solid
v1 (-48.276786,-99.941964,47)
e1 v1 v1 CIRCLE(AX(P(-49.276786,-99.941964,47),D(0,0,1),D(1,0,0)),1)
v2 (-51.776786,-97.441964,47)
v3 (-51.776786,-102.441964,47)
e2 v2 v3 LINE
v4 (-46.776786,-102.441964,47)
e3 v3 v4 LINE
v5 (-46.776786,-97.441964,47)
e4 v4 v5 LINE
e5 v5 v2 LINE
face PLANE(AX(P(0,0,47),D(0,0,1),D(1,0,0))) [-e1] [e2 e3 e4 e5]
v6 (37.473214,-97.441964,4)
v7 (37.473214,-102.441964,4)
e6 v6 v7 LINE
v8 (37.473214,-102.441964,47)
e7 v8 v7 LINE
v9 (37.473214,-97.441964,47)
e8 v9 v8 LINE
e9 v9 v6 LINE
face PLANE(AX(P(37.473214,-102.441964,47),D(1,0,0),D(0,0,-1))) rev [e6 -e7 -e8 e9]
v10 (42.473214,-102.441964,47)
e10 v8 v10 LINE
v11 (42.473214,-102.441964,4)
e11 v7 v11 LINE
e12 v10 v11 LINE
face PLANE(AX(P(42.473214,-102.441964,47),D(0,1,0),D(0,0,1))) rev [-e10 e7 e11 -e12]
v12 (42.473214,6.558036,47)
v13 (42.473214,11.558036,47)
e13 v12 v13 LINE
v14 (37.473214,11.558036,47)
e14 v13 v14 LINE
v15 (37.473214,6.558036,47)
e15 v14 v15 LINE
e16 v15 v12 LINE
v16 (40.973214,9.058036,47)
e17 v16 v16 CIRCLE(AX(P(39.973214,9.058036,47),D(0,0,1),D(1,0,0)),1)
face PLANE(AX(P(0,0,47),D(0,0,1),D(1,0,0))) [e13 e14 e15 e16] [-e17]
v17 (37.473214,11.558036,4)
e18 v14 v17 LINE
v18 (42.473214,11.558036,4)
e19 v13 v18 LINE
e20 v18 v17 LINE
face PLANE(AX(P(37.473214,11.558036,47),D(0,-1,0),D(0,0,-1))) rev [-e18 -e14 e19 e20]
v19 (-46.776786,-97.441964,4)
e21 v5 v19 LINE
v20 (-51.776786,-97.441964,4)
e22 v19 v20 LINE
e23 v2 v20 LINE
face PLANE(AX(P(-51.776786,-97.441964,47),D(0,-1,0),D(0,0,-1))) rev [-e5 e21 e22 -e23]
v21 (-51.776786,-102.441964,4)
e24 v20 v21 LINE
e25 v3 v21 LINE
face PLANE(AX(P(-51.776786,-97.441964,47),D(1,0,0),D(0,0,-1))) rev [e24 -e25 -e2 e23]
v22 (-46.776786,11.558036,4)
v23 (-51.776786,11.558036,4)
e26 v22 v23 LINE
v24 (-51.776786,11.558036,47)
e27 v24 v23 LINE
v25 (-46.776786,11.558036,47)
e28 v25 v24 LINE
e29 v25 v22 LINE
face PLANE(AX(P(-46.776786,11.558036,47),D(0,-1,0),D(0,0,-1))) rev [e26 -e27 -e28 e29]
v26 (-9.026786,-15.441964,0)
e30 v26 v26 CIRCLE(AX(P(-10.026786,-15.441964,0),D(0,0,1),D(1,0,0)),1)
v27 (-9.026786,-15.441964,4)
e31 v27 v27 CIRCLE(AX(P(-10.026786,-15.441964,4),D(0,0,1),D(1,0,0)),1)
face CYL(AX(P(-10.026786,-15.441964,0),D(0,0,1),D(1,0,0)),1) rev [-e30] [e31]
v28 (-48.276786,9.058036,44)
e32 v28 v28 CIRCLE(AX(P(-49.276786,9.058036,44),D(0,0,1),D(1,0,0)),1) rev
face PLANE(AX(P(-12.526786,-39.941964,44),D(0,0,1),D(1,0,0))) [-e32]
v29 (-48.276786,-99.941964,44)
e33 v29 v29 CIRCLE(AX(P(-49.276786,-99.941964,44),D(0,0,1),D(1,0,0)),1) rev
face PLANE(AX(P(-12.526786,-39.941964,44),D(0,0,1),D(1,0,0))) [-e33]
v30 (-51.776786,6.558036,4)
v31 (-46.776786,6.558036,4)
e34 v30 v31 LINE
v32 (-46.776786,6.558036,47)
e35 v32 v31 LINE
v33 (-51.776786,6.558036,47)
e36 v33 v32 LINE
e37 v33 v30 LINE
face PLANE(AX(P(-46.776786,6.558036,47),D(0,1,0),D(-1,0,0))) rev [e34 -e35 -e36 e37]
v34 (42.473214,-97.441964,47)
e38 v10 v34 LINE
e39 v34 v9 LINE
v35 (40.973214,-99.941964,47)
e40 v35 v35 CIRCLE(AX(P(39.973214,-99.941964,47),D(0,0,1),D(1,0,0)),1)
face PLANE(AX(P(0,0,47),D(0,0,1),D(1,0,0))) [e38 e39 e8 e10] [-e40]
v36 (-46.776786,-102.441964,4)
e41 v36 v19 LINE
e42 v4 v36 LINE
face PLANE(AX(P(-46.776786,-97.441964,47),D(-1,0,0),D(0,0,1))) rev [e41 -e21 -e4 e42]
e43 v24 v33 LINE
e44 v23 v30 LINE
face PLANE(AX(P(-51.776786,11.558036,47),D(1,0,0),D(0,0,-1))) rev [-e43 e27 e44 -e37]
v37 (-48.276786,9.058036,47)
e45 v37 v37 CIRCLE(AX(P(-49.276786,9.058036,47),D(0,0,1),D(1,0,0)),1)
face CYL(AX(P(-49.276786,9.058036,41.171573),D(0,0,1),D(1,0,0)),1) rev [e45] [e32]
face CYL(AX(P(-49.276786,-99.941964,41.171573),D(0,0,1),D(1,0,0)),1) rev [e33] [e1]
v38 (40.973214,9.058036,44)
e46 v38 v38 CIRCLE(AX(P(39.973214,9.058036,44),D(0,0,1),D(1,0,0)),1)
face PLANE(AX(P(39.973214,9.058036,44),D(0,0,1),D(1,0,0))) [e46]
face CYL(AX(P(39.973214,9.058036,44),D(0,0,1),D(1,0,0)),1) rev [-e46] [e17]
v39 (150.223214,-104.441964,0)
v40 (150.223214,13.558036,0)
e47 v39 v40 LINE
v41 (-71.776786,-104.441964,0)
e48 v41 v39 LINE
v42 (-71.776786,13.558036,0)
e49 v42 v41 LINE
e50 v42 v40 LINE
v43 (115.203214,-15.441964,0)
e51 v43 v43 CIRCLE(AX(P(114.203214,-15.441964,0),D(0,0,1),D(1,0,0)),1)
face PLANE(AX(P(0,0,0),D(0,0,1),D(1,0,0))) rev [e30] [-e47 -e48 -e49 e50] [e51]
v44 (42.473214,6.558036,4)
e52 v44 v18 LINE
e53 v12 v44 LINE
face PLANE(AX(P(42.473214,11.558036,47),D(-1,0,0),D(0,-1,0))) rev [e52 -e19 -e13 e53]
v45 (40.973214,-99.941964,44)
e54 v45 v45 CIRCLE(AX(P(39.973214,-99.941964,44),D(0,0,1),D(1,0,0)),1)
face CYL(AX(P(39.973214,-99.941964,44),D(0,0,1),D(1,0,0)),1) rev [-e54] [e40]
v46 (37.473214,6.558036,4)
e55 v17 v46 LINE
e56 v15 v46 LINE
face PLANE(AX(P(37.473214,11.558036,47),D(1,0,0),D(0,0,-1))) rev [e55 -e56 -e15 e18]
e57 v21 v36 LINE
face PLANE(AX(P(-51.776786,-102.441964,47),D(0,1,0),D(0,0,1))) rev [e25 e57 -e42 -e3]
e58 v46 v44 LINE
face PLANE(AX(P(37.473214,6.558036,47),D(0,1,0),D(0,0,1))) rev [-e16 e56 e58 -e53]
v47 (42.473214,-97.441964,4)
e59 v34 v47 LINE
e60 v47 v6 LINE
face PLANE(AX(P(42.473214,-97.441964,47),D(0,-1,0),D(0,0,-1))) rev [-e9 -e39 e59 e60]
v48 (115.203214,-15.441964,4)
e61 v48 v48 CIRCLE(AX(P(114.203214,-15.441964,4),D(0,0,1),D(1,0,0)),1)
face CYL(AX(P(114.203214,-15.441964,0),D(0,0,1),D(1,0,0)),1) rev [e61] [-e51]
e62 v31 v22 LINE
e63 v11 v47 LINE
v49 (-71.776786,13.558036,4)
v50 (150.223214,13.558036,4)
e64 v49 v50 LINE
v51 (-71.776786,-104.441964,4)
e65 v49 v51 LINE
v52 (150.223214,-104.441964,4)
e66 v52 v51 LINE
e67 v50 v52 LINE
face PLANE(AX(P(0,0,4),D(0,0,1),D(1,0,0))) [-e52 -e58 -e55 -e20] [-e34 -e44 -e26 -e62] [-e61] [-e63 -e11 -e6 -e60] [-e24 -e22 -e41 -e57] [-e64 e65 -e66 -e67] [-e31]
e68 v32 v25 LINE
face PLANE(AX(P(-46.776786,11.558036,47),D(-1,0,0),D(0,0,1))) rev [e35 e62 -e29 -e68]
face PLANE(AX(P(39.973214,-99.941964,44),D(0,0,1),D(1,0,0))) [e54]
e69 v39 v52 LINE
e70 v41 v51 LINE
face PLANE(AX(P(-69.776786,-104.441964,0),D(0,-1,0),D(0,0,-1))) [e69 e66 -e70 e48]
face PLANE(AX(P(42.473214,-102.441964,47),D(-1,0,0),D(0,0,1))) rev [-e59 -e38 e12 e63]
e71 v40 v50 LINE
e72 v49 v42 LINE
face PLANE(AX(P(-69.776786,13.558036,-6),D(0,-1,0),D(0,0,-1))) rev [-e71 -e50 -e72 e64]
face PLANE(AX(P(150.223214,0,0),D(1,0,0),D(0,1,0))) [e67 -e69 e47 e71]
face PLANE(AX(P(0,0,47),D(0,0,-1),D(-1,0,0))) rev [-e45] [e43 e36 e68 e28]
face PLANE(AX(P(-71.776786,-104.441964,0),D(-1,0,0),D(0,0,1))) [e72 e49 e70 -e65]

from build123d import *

# Parameters (mm, degrees)
SKETCH1_W            = 200
SKETCH1_H            = 150
BOSS_EXTRUDE1_DEPTH  = 4
SKETCH2_W            = 4
SKETCH2_H            = 150
BOSS_EXTRUDE2_DEPTH  = 50
SKETCH3_R            = 1
CUT_EXTRUDE1_DEPTH   = 21
SKETCH4_R            = 1
CUT_EXTRUDE2_DEPTH   = 21
SKETCH5_R            = 1
CUT_EXTRUDE3_DEPTH   = 21
SKETCH6_R            = 1
CUT_EXTRUDE4_DEPTH   = 5
SKETCH7_R            = 6.144102529
BOSS_EXTRUDE3_DEPTH  = 4
SKETCH8_W            = 5
SKETCH8_H            = 5
BOSS_EXTRUDE4_DEPTH  = 43
SKETCH9_W            = 5
SKETCH9_H            = 5
BOSS_EXTRUDE5_DEPTH  = 43
SKETCH10_W           = 5
SKETCH10_H           = 5
BOSS_EXTRUDE6_DEPTH  = 43
SKETCH11_W           = 30
SKETCH11_H           = 150
CUT_EXTRUDE5_DEPTH   = 10
SKETCH12_W           = 220
SKETCH12_H           = 24.5
CUT_EXTRUDE6_DEPTH   = 10
SKETCH13_W           = 40.875499452
SKETCH13_H           = 23.792139599
SKETCH13_W_2         = 30.776846646
SKETCH13_H_2         = 32.17722556
CUT_EXTRUDE7_DEPTH   = 43
SKETCH14_W           = 220
SKETCH14_H           = 7.5
CUT_EXTRUDE8_DEPTH   = 10
SKETCH15_W           = 2
SKETCH15_H           = 118
BOSS_EXTRUDE7_DEPTH  = 47
SKETCH17_W           = 7
SKETCH17_H           = 7
BOSS_EXTRUDE8_DEPTH  = 10
SKETCH18_R           = 2.5
CUT_EXTRUDE9_DEPTH   = 9
SKETCH19_R           = 1
BOSS_EXTRUDE9_DEPTH  = 9
FILLET1_R            = 1
SKETCH20_W           = 7.2
SKETCH20_H           = 14.5
BOSS_EXTRUDE10_DEPTH = 10
SKETCH21_W           = 4.962321038
SKETCH21_H           = 12.373907849
CUT_EXTRUDE10_DEPTH  = 9
SKETCH22_W           = 0.777431132
SKETCH22_H           = 9.230205418
BOSS_EXTRUDE11_DEPTH = 8
SKETCH23_W           = 0.590875022
SKETCH23_H           = 0.8
SKETCH23_H_2         = 0.836280482
SKETCH23_H_3         = 0.787087512
BOSS_EXTRUDE12_DEPTH = 7
SKETCH24_W           = 5
SKETCH24_H           = 5
BOSS_EXTRUDE13_DEPTH = 43
SKETCH25_W           = 5
SKETCH25_H           = 5
BOSS_EXTRUDE14_DEPTH = 43
CUT_EXTRUDE11_START  = -43
SKETCH26_W           = 5
SKETCH26_H           = 5
CUT_EXTRUDE11_DEPTH  = 43
SKETCH27_W           = 5
SKETCH27_H           = 5
BOSS_EXTRUDE15_DEPTH = 43
CUT_EXTRUDE12_START  = -43
SKETCH28_W           = 5
SKETCH28_H           = 5
CUT_EXTRUDE12_DEPTH  = 43
SKETCH29_W           = 2
SKETCH29_H           = 66.409922273
BOSS_EXTRUDE16_DEPTH = 47
SKETCH30_W           = 8
SKETCH30_H           = 7
SKETCH30_H_2         = 14.5
CUT_EXTRUDE13_DEPTH  = 9.5
SKETCH31_W           = 5
SKETCH31_H           = 5
CUT_EXTRUDE14_DEPTH  = 43
SKETCH32_W           = 5
SKETCH32_H           = 5
BOSS_EXTRUDE17_DEPTH = 43
SKETCH35_W           = 5
SKETCH35_H           = 5
BOSS_EXTRUDE18_DEPTH = 43
SKETCH37_R           = 1
CUT_EXTRUDE16_DEPTH  = 3
CUT_EXTRUDE17_START  = -43
SKETCH38_W           = 2
SKETCH38_H           = 118
CUT_EXTRUDE17_DEPTH  = 43
SKETCH39_W           = 5
SKETCH39_H           = 5
BOSS_EXTRUDE19_DEPTH = 43
CUT_EXTRUDE18_START  = -43
SKETCH40_W           = 5
SKETCH40_H           = 5
CUT_EXTRUDE18_DEPTH  = 43
SKETCH41_R           = 1
CUT_EXTRUDE19_DEPTH  = 3
CUT_EXTRUDE20_START  = -43
SKETCH42_W           = 21.919538156
SKETCH42_H           = 26.204036761
CUT_EXTRUDE20_DEPTH  = 43
SKETCH43_W           = 59.077186418
SKETCH43_H           = 35.909235562
BOSS_EXTRUDE20_DEPTH = 4


with BuildPart() as part:
    # Sketch1 → Boss-Extrude1 (new body)
    with BuildSketch(Plane.XY):
        with Locations((0.223214286, -36.941964286)):
            Rectangle(SKETCH1_W, SKETCH1_H)
    extrude(amount=BOSS_EXTRUDE1_DEPTH)

    # Sketch2 → Boss-Extrude2 (add)
    with BuildSketch(Plane(origin=(100.223214286, 0, 0), x_dir=(0, 0, -1), z_dir=(1, 0, 0))):
        with Locations((-2, -36.941964286)):
            Rectangle(SKETCH2_W, SKETCH2_H)
    extrude(amount=BOSS_EXTRUDE2_DEPTH)

    # Sketch3 → Cut-Extrude1 (cut)
    with BuildSketch(Plane(origin=(0, 0, 0), x_dir=(-1, 0, 0), z_dir=(0, 0, -1))):
        with Locations((96.776785714, -77.941964286)):
            Circle(SKETCH3_R)
    extrude(amount=-CUT_EXTRUDE1_DEPTH, mode=Mode.SUBTRACT)

    # Sketch4 → Cut-Extrude2 (cut)
    with BuildSketch(Plane(origin=(0, 0, 0), x_dir=(-1, 0, 0), z_dir=(0, 0, -1))):
        with Locations((-147.223214286, -77.941964286)):
            Circle(SKETCH4_R)
    extrude(amount=-CUT_EXTRUDE2_DEPTH, mode=Mode.SUBTRACT)

    # Sketch5 → Cut-Extrude3 (cut)
    with BuildSketch(Plane(origin=(0, 0, 0), x_dir=(-1, 0, 0), z_dir=(0, 0, -1))):
        with Locations((-99.423214286, -77.941964286)):
            Circle(SKETCH5_R)
    extrude(amount=-CUT_EXTRUDE3_DEPTH, mode=Mode.SUBTRACT)

    # Sketch6 → Cut-Extrude4 (cut, through all)
    with BuildSketch(Plane.XY.offset(4)):
        with Locations((114.203214286, -15.441964286)):
            Circle(SKETCH6_R)
        with Locations((-10.026785714, -15.441964286)):
            Circle(SKETCH6_R)
    extrude(amount=-CUT_EXTRUDE4_DEPTH, mode=Mode.SUBTRACT)

    # Sketch7 → Boss-Extrude3 (add)
    with BuildSketch(Plane(origin=(0, 0, 0), x_dir=(-1, 0, 0), z_dir=(0, 0, -1))):
        with Locations((93.632683185, -80.249228077)):
            Circle(SKETCH7_R)
    extrude(amount=-BOSS_EXTRUDE3_DEPTH)

    # Sketch8 → Boss-Extrude4 (add)
    with BuildSketch(Plane.XY.offset(4)):
        with Locations((-10.026785714, 9.058035714)):
            Rectangle(SKETCH8_W, SKETCH8_H)
        with Locations((113.836980241, 9.058035714)):
            Rectangle(SKETCH8_W, SKETCH8_H)
    extrude(amount=BOSS_EXTRUDE4_DEPTH)

    # Sketch9 → Boss-Extrude5 (add)
    with BuildSketch(Plane.XY.offset(4)):
        with Locations((39.973214286, 9.058035714)):
            Rectangle(SKETCH9_W, SKETCH9_H)
    extrude(amount=BOSS_EXTRUDE5_DEPTH)

    # Sketch10 → Boss-Extrude6 (add)
    with BuildSketch(Plane.XY.offset(4)):
        with Locations((-65.026785714, 9.058035714)):
            Rectangle(SKETCH10_W, SKETCH10_H)
    extrude(amount=BOSS_EXTRUDE6_DEPTH)

    # Sketch11 → Cut-Extrude5 (cut)
    with BuildSketch(Plane.XY.offset(4)):
        with Locations((-84.776785714, -36.941964286)):
            Rectangle(SKETCH11_W, SKETCH11_H)
    extrude(amount=-CUT_EXTRUDE5_DEPTH, mode=Mode.SUBTRACT)

    # Sketch12 → Cut-Extrude6 (cut)
    with BuildSketch(Plane.XY.offset(4)):
        with Locations((40.223214286, 25.808035714)):
            Rectangle(SKETCH12_W, SKETCH12_H)
    extrude(amount=-CUT_EXTRUDE6_DEPTH, mode=Mode.SUBTRACT)

    # Sketch13 → Cut-Extrude7 (cut)
    with BuildSketch(Plane.XY.offset(47)):
        with Locations((121.493324961, 1.661965914)):
            Rectangle(SKETCH13_W, SKETCH13_H)
        with Locations((-5.461167455, 0)):
            Rectangle(SKETCH13_W_2, SKETCH13_H_2)
    extrude(amount=-CUT_EXTRUDE7_DEPTH, mode=Mode.SUBTRACT)

    # Sketch14 → Cut-Extrude8 (cut)
    with BuildSketch(Plane.XY.offset(4)):
        with Locations((40.223214286, -108.191964286)):
            Rectangle(SKETCH14_W, SKETCH14_H)
    extrude(amount=-CUT_EXTRUDE8_DEPTH, mode=Mode.SUBTRACT)

    # Sketch15 → Boss-Extrude7 (add)
    with BuildSketch(Plane(origin=(0, 0, 0), x_dir=(-1, 0, 0), z_dir=(0, 0, -1))):
        with Locations((70.776785714, -45.441964286)):
            Rectangle(SKETCH15_W, SKETCH15_H)
    extrude(amount=-BOSS_EXTRUDE7_DEPTH)

    # Sketch17 → Boss-Extrude8 (add)
    with BuildSketch(Plane.ZY.offset(71.776785714)):
        with Locations((10, -45.441964286)):
            Rectangle(SKETCH17_W, SKETCH17_H)
    extrude(amount=-BOSS_EXTRUDE8_DEPTH)

    # Sketch18 → Cut-Extrude9 (cut)
    with BuildSketch(Plane.ZY.offset(71.776785714)):
        with Locations((10, -45.441964286)):
            Circle(SKETCH18_R)
    extrude(amount=-CUT_EXTRUDE9_DEPTH, mode=Mode.SUBTRACT)

    # Sketch20 → Boss-Extrude10 (add)
    with BuildSketch(Plane.ZY.offset(71.776785714)):
        with Locations((9.71931332, -90.191964286)):
            Rectangle(SKETCH20_W, SKETCH20_H)
    extrude(amount=-BOSS_EXTRUDE10_DEPTH)

    # Sketch21 → Cut-Extrude10 (cut)
    with BuildSketch(Plane.ZY.offset(71.776785714)):
        with Locations((9.788933034, -90.191964286)):
            Rectangle(SKETCH21_W, SKETCH21_H)
    extrude(amount=-CUT_EXTRUDE10_DEPTH, mode=Mode.SUBTRACT)

    # Sketch22 → Boss-Extrude11 (add)
    with BuildSketch(Plane.ZY.offset(62.776785714)):
        with Locations((9.788933034, -90.191964286)):
            Rectangle(SKETCH22_W, SKETCH22_H)
    extrude(amount=BOSS_EXTRUDE11_DEPTH)

    # Sketch23 → Boss-Extrude12 (add)
    with BuildSketch(Plane.ZY.offset(62.776785714)):
        with Locations((10.473086111, -86.324413604)):
            Rectangle(SKETCH23_W, SKETCH23_H)
        with Locations((10.473086111, -88.407696998)):
            Rectangle(SKETCH23_W, SKETCH23_H_2)
        with Locations((10.473086111, -91.482257593)):
            Rectangle(SKETCH23_W, SKETCH23_H_3)
        with Locations((10.473086111, -93.720537707)):
            Rectangle(SKETCH23_W, SKETCH23_H_2)
    extrude(amount=BOSS_EXTRUDE12_DEPTH)

    # Sketch24 → Boss-Extrude13 (add)
    with BuildSketch(Plane.XY.offset(4)):
        with Locations((39.973214286, -39.941964286)):
            Rectangle(SKETCH24_W, SKETCH24_H)
    extrude(amount=BOSS_EXTRUDE13_DEPTH)

    # Sketch25 → Boss-Extrude14 (add)
    with BuildSketch(Plane.XY.offset(4)):
        with Locations((39.973214286, -65.941964286)):
            Rectangle(SKETCH25_W, SKETCH25_H)
        with Locations((-65.026785714, -65.941964286)):
            Rectangle(SKETCH25_W, SKETCH25_H)
    extrude(amount=BOSS_EXTRUDE14_DEPTH)

    # Sketch26 → Cut-Extrude11 (cut)
    with BuildSketch(Plane.XY.offset(47).offset(CUT_EXTRUDE11_START)):
        with Locations((39.973214286, -39.941964286)):
            Rectangle(SKETCH26_W, SKETCH26_H)
    extrude(amount=CUT_EXTRUDE11_DEPTH, mode=Mode.SUBTRACT)

    # Sketch27 → Boss-Extrude15 (add)
    with BuildSketch(Plane.XY.offset(4)):
        with Locations((39.973214286, -99.941964286)):
            Rectangle(SKETCH27_W, SKETCH27_H)
    extrude(amount=BOSS_EXTRUDE15_DEPTH)

    # Sketch28 → Cut-Extrude12 (cut)
    with BuildSketch(Plane.XY.offset(47).offset(CUT_EXTRUDE12_START)):
        with Locations((39.973214286, -65.941964286)):
            Rectangle(SKETCH28_W, SKETCH28_H)
    extrude(amount=CUT_EXTRUDE12_DEPTH, mode=Mode.SUBTRACT)



with BuildPart() as body_2:
    # Sketch19 → Boss-Extrude9 (new body)
    with BuildSketch(Plane.ZY.offset(62.776785714)):
        with Locations((10, -45.441964286)):
            Circle(SKETCH19_R)
    extrude(amount=BOSS_EXTRUDE9_DEPTH)

    # Fillet1
    fillet1_edges = [body_2.edges().sort_by_distance(p)[0] for p in [
        (-71.776785714, -45.441964286, 9),
    ]]
    fillet(fillet1_edges, radius=FILLET1_R)


with BuildPart() as part_1:
    add(part.part)

    add(body_2.part)  # Boss-Extrude16 merges body 2
    # Sketch29 → Boss-Extrude16 (add)
    with BuildSketch(Plane.XY.offset(47)):
        with Locations((-70.776785714, -71.237003149)):
            Rectangle(SKETCH29_W, SKETCH29_H)
    extrude(amount=-BOSS_EXTRUDE16_DEPTH)

    # Sketch30 → Cut-Extrude13 (cut)
    with BuildSketch(Plane.XY.offset(13.5)):
        with Locations((-65.776785714, -45.441964286)):
            Rectangle(SKETCH30_W, SKETCH30_H)
        with Locations((-65.776785714, -90.191964286)):
            Rectangle(SKETCH30_W, SKETCH30_H_2)
    extrude(amount=-CUT_EXTRUDE13_DEPTH, mode=Mode.SUBTRACT)

    # Sketch31 → Cut-Extrude14 (cut)
    with BuildSketch(Plane.XY.offset(47)):
        with Locations((-65.026785714, -65.941964286)):
            Rectangle(SKETCH31_W, SKETCH31_H)
    extrude(amount=-CUT_EXTRUDE14_DEPTH, mode=Mode.SUBTRACT)

    # Sketch32 → Boss-Extrude17 (add)
    with BuildSketch(Plane.XY.offset(4)):
        with Locations((-65.026785714, -99.941964286)):
            Rectangle(SKETCH32_W, SKETCH32_H)
    extrude(amount=BOSS_EXTRUDE17_DEPTH)

    # Sketch35 → Boss-Extrude18 (add)
    with BuildSketch(Plane.XY.offset(4)):
        with Locations((-12.526785714, -39.941964286)):
            Rectangle(SKETCH35_W, SKETCH35_H)
    extrude(amount=BOSS_EXTRUDE18_DEPTH)

    # Sketch37 → Cut-Extrude16 (cut)
    with BuildSketch(Plane.XY.offset(47)):
        with Locations((39.973214286, 9.058035714)):
            Circle(SKETCH37_R)
        with Locations((39.973214286, -99.941964286)):
            Circle(SKETCH37_R)
        with Locations((-65.026785714, -99.941964286)):
            Circle(SKETCH37_R)
        with Locations((-65.026785714, 9.058035714)):
            Circle(SKETCH37_R)
        with Locations((-12.526785714, -39.941964286)):
            Circle(SKETCH37_R)
    extrude(amount=-CUT_EXTRUDE16_DEPTH, mode=Mode.SUBTRACT)

    # Sketch38 → Cut-Extrude17 (cut)
    with BuildSketch(Plane.XY.offset(47).offset(CUT_EXTRUDE17_START)):
        with Locations((-70.776785714, -45.441964286)):
            Rectangle(SKETCH38_W, SKETCH38_H)
    extrude(amount=CUT_EXTRUDE17_DEPTH, mode=Mode.SUBTRACT)

    # Sketch39 → Boss-Extrude19 (add)
    with BuildSketch(Plane.XY.offset(4)):
        with Locations((-49.276785714, 9.058035714)):
            Rectangle(SKETCH39_W, SKETCH39_H)
        with Locations((-49.276785714, -99.941964286)):
            Rectangle(SKETCH39_W, SKETCH39_H)
    extrude(amount=BOSS_EXTRUDE19_DEPTH)

    # Sketch40 → Cut-Extrude18 (cut)
    with BuildSketch(Plane.XY.offset(47).offset(CUT_EXTRUDE18_START)):
        with Locations((-65.026785714, 9.058035714)):
            Rectangle(SKETCH40_W, SKETCH40_H)
        with Locations((-65.026785714, -99.941964286)):
            Rectangle(SKETCH40_W, SKETCH40_H)
    extrude(amount=CUT_EXTRUDE18_DEPTH, mode=Mode.SUBTRACT)

    # Sketch41 → Cut-Extrude19 (cut)
    with BuildSketch(Plane.XY.offset(47)):
        with Locations((-49.276785714, 9.058035714)):
            Circle(SKETCH41_R)
        with Locations((-49.276785714, -99.941964286)):
            Circle(SKETCH41_R)
    extrude(amount=-CUT_EXTRUDE19_DEPTH, mode=Mode.SUBTRACT)

    # Sketch42 → Cut-Extrude20 (cut)
    with BuildSketch(Plane.XY.offset(47).offset(CUT_EXTRUDE20_START)):
        with Locations((-10.959769078, -42.894349601)):
            Rectangle(SKETCH42_W, SKETCH42_H)
    extrude(amount=CUT_EXTRUDE20_DEPTH, mode=Mode.SUBTRACT)

    # Sketch43 → Boss-Extrude20 (add)
    with BuildSketch(Plane.XY.offset(4)):
        with Locations((120.684621077, -77.590435312)):
            Rectangle(SKETCH43_W, SKETCH43_H)
    extrude(amount=-BOSS_EXTRUDE20_DEPTH)


solid = part_1.part
